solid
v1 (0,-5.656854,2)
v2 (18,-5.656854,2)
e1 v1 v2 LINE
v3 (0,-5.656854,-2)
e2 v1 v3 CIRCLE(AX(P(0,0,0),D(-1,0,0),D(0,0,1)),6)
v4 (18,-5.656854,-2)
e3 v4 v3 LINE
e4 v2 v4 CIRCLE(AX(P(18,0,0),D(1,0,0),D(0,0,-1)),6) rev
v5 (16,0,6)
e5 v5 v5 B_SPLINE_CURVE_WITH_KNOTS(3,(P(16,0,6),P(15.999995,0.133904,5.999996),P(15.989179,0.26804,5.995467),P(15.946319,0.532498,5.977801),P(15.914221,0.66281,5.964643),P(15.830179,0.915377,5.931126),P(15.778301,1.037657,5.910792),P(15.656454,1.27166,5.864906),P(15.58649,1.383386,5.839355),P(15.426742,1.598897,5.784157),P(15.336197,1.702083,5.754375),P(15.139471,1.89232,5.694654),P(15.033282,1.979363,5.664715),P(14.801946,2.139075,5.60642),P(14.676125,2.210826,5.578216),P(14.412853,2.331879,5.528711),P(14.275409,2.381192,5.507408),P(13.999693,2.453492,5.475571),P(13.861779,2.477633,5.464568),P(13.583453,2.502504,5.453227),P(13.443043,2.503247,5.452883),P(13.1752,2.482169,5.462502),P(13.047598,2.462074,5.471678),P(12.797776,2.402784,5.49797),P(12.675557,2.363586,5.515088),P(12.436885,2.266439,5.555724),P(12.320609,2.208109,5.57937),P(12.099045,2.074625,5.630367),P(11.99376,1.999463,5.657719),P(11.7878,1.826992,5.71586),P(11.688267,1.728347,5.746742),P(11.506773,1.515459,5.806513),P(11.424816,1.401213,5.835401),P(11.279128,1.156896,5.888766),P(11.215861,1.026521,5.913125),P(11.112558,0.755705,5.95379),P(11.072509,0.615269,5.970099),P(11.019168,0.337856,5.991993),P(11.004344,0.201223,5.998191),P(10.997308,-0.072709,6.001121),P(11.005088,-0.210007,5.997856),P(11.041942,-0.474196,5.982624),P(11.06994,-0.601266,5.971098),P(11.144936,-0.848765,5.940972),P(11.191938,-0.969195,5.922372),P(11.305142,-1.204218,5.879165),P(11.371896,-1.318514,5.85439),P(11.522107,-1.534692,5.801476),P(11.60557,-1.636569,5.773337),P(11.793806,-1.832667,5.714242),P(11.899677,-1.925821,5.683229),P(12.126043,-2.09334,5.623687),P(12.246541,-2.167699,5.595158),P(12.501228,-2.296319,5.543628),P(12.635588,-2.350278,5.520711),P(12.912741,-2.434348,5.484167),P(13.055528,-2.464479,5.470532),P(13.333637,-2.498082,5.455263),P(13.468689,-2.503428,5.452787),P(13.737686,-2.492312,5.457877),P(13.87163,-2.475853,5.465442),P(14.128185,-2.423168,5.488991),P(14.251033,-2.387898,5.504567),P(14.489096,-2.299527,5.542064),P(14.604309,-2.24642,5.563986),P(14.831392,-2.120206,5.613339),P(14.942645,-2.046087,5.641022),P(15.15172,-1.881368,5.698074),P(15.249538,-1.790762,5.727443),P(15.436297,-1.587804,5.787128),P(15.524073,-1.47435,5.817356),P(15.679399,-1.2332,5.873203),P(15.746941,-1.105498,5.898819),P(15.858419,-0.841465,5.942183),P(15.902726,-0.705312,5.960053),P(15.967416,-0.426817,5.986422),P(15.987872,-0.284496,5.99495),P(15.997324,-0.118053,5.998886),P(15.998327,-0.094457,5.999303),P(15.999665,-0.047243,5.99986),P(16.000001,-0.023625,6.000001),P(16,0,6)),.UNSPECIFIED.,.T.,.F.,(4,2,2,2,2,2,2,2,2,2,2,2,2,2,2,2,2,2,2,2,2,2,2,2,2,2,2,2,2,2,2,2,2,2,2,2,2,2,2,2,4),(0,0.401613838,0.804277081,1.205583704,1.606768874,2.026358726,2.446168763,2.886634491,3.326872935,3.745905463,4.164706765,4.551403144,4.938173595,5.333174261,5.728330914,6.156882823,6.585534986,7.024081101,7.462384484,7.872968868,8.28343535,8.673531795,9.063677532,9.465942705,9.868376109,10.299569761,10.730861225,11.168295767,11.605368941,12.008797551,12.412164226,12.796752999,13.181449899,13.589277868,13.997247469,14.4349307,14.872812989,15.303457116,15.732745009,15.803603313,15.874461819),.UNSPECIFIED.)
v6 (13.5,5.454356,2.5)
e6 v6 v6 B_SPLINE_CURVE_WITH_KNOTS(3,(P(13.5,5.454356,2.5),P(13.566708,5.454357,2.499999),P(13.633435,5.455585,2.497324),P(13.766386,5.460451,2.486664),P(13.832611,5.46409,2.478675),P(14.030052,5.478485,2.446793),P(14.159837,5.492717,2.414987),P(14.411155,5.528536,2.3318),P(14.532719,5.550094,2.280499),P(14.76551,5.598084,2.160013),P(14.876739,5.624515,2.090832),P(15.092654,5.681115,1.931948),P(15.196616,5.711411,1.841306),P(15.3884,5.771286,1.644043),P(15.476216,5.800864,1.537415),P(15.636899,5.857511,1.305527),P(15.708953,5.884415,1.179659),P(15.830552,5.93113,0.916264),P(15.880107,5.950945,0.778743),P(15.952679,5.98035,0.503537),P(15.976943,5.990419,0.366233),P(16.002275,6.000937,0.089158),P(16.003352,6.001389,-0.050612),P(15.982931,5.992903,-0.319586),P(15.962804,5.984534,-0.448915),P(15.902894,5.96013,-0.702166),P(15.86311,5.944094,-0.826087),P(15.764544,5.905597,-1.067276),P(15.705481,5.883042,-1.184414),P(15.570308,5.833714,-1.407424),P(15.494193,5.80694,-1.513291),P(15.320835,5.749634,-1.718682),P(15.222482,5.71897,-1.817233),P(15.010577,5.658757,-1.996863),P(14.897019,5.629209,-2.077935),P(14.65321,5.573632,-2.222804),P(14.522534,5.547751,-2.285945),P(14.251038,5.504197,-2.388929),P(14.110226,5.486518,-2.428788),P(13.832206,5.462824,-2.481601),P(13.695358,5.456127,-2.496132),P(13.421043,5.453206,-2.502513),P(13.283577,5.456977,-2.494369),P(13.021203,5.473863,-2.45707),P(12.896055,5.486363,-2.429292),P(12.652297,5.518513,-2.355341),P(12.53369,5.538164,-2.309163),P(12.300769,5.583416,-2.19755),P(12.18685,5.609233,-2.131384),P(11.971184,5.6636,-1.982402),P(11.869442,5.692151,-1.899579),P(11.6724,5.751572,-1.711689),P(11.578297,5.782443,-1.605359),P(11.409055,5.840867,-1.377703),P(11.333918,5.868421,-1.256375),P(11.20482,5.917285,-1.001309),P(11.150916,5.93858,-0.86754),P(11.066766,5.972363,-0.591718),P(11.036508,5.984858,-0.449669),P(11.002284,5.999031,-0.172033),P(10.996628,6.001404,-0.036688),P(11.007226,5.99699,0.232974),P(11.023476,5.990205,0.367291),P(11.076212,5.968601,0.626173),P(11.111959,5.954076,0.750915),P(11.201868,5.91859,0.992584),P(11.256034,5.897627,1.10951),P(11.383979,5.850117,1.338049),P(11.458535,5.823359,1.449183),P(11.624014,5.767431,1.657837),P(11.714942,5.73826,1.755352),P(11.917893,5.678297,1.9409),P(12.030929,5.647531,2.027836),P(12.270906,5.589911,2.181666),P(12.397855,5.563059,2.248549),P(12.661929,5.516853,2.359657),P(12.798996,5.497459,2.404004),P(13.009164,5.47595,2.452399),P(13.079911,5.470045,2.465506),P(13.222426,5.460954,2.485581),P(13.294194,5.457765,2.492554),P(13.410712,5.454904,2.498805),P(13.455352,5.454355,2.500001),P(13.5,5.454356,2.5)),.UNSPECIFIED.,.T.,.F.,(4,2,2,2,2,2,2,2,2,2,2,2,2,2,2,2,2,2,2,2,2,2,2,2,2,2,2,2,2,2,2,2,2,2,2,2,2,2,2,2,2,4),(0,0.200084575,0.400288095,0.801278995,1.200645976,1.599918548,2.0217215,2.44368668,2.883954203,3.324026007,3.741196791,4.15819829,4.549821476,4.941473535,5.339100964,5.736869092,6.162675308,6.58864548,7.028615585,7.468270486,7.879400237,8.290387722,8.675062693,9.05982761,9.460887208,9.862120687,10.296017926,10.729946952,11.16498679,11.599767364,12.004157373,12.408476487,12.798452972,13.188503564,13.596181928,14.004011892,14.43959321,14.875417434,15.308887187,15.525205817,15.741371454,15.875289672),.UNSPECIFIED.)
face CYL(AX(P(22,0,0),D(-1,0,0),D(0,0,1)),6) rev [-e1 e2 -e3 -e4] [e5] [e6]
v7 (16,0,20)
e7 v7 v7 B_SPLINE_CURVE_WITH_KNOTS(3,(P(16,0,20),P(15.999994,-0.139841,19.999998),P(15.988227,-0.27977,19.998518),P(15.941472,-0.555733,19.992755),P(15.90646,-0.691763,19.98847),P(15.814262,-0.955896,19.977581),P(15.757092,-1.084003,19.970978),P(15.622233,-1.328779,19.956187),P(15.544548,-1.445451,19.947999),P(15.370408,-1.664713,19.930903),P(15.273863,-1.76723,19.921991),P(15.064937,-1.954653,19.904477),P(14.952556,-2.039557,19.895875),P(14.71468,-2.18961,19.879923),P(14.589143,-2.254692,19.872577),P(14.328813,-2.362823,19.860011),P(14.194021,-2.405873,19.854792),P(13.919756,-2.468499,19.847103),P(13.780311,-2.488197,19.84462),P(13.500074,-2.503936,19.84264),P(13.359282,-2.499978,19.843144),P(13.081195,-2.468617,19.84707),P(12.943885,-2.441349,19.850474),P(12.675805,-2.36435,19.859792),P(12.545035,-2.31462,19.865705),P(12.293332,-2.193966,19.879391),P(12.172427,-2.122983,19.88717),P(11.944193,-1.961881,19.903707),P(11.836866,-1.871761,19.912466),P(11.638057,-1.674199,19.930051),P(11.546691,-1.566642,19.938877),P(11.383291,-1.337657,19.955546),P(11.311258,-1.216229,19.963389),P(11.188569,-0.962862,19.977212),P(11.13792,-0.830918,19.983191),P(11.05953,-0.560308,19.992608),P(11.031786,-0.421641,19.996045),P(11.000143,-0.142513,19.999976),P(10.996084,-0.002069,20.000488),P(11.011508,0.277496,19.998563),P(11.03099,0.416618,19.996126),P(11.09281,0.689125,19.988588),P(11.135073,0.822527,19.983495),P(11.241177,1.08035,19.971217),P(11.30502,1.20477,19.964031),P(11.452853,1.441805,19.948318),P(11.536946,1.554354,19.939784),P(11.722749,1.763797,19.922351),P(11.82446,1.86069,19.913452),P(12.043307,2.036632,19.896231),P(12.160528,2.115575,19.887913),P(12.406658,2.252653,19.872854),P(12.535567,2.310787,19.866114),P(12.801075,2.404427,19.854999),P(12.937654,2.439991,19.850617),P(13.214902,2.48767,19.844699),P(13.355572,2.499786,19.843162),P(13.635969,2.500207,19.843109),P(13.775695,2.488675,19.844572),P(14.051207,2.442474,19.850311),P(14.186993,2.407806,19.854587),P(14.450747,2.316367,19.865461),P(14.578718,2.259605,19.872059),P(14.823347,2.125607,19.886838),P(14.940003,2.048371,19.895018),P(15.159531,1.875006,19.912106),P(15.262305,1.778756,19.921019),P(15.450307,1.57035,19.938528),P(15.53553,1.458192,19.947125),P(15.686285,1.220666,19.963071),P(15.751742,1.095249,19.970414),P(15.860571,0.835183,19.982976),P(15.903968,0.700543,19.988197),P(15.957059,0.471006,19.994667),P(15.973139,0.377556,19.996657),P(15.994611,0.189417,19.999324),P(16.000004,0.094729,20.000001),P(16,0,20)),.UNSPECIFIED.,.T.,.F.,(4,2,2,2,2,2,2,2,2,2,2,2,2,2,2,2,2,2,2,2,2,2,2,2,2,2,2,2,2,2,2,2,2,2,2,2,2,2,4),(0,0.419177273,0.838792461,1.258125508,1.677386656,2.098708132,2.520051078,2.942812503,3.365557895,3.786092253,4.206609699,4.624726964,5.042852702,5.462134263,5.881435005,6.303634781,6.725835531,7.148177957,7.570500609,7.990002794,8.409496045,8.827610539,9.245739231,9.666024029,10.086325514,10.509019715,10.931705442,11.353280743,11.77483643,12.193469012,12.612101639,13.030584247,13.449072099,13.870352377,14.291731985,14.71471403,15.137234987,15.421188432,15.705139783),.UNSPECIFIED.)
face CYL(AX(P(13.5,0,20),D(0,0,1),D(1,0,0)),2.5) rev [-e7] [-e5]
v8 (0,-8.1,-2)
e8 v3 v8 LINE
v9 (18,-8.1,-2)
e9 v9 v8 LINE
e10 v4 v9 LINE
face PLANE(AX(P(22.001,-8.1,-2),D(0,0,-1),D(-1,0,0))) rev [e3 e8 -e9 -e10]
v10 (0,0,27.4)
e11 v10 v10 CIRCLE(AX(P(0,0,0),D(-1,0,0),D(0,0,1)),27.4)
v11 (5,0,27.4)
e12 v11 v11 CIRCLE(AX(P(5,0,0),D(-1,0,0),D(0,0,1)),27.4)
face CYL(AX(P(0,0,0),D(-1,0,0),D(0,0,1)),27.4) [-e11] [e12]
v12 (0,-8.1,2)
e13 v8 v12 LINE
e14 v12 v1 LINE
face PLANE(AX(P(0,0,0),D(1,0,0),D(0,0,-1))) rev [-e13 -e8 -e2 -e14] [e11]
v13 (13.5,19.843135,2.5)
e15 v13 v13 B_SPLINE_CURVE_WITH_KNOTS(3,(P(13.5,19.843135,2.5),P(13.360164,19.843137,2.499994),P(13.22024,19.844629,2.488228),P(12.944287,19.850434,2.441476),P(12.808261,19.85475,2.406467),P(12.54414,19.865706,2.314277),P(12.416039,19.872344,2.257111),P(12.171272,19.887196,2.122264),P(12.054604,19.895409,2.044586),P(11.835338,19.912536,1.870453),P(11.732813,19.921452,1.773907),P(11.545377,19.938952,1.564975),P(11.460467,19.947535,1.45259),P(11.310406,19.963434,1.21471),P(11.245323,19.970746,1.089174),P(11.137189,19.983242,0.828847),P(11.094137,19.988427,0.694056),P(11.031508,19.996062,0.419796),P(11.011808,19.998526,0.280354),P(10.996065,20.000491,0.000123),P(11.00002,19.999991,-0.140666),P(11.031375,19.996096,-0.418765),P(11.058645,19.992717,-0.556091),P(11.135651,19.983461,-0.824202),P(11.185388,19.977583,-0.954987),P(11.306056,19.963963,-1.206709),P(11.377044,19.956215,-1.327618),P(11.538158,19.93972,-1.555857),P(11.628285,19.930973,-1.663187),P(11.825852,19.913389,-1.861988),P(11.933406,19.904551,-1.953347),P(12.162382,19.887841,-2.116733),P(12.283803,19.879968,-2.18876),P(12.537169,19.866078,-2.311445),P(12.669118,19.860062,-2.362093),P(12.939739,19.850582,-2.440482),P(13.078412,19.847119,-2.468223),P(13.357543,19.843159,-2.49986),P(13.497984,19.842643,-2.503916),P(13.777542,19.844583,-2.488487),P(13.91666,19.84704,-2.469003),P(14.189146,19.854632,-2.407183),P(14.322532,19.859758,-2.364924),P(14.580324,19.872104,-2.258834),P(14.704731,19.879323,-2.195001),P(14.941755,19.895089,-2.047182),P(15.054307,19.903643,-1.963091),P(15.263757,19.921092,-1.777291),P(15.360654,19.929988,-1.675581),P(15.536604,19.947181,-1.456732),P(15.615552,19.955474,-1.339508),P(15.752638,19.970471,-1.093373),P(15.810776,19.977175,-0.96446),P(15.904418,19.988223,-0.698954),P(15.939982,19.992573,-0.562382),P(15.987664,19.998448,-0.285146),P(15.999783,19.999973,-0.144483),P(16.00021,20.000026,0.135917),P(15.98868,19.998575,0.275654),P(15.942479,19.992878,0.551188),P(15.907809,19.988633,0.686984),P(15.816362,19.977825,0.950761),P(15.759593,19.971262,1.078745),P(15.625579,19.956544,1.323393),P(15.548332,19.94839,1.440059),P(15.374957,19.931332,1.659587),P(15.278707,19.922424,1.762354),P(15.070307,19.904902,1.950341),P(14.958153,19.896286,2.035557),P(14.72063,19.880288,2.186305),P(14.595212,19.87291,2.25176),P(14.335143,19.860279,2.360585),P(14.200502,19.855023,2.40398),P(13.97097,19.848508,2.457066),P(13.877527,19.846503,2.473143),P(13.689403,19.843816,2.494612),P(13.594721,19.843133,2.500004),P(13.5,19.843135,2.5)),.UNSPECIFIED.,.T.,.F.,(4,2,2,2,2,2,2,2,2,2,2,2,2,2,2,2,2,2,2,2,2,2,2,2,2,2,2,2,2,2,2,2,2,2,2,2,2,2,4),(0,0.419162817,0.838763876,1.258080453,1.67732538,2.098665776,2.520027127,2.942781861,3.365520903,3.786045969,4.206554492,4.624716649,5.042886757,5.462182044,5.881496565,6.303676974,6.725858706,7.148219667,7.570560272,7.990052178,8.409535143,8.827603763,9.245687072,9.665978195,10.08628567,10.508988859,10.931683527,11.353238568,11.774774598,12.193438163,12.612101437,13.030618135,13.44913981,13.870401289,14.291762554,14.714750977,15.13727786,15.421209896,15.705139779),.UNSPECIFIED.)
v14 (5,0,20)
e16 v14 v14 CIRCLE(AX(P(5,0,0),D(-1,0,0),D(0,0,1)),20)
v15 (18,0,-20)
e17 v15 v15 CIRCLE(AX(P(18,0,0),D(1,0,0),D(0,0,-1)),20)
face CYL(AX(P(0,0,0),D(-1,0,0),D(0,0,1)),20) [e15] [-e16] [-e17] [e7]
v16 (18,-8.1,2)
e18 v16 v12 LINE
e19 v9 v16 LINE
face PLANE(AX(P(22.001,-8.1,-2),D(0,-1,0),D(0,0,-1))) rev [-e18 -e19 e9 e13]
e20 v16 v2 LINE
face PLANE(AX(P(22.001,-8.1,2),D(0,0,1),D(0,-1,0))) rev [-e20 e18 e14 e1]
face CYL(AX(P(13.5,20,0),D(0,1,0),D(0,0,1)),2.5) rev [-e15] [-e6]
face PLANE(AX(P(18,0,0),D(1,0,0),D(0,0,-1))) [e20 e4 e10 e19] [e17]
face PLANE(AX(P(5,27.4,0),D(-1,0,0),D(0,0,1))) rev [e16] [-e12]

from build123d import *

# Parameters (mm, degrees)
SKETCH_2_R               = 6
CUT_EXTRUDE_1_DEPTH      = 45.55917414
HOLE_WIZARD_M6_1_REACH   = 58.389
HOLE_WIZARD_M6_1_BORE_R  = 2.5
PATTERN_CIRCULAR_1_COUNT = 2
PATTERN_CIRCULAR_1_ANGLE = 90
CUT_EXTRUDE_2_REACH      = 46.559
SKETCH_4_W               = 4
SKETCH_4_H               = 4.2
SKETCH_5_R               = 20
CUT_EXTRUDE_3_DEPTH      = 4


with BuildPart() as part:
    # 草图1 → 旋转1 (revolve)
    with BuildSketch(Plane.XY, mode=Mode.PRIVATE) as revolve_1_sk:
        Polygon((0, 0), (0, 27.4), (5, 27.4), (5, 20), (22, 20), (22, 0), align=None)
    revolve(revolve_1_sk.sketch.rotate(Axis((0, 0, 0), (1, 0, 0)), 90), axis=Axis((0, 0, 0), (1, 0, 0)))

    # 草图2 → 切除-拉伸1 (cut, through all)
    with BuildSketch(Plane.ZY):
        Circle(SKETCH_2_R)
    extrude(amount=-CUT_EXTRUDE_1_DEPTH, mode=Mode.SUBTRACT)

    # M6 螺纹孔1 bore (on position points) → M6 螺纹孔1 (cut, up to next)
    with BuildSketch(Plane(origin=(13.5, 0, 20), x_dir=(1, 0, 0), z_dir=(0, 0, 1)), mode=Mode.PRIVATE) as hole_wizard_m6_1_sk1:
        Circle(HOLE_WIZARD_M6_1_BORE_R)
    hole_wizard_m6_1_tool1 = extrude(hole_wizard_m6_1_sk1.sketch, amount=-HOLE_WIZARD_M6_1_REACH, mode=Mode.PRIVATE) & part.part
    hole_wizard_m6_1 = hole_wizard_m6_1_tool1.solids().sort_by_distance((13.5, 0, 20))[0]
    add(hole_wizard_m6_1, mode=Mode.SUBTRACT)

    # 阵列(圆周)1: M6 螺纹孔1 ×2 about axis
    pattern_circular_1_axis = Axis((22, 0, 0), (-1, 0, 0))
    for i in range(1, PATTERN_CIRCULAR_1_COUNT):
        add(hole_wizard_m6_1.rotate(pattern_circular_1_axis, i * PATTERN_CIRCULAR_1_ANGLE / (PATTERN_CIRCULAR_1_COUNT - 1)), mode=Mode.SUBTRACT)

    # 草图4 → 切除-拉伸2 (cut, up to next)
    with BuildSketch(Plane.ZY, mode=Mode.PRIVATE) as cut_extrude_2_sk1:
        with Locations((0, -6)):
            Rectangle(SKETCH_4_W, SKETCH_4_H)
    cut_extrude_2_tool1 = extrude(cut_extrude_2_sk1.sketch, amount=-CUT_EXTRUDE_2_REACH, mode=Mode.PRIVATE) & part.part
    add(cut_extrude_2_tool1.solids().sort_by_distance((0, -6, 0))[0], mode=Mode.SUBTRACT)

    # 草图5 → 切除-拉伸3 (cut)
    with BuildSketch(Plane(origin=(22, 0, 0), x_dir=(0, 0, -1), z_dir=(1, 0, 0))):
        with Locations(Location((0, 0, 0), (0, 0, 180))):
            Circle(SKETCH_5_R)
    extrude(amount=-CUT_EXTRUDE_3_DEPTH, mode=Mode.SUBTRACT)


solid = part.part
